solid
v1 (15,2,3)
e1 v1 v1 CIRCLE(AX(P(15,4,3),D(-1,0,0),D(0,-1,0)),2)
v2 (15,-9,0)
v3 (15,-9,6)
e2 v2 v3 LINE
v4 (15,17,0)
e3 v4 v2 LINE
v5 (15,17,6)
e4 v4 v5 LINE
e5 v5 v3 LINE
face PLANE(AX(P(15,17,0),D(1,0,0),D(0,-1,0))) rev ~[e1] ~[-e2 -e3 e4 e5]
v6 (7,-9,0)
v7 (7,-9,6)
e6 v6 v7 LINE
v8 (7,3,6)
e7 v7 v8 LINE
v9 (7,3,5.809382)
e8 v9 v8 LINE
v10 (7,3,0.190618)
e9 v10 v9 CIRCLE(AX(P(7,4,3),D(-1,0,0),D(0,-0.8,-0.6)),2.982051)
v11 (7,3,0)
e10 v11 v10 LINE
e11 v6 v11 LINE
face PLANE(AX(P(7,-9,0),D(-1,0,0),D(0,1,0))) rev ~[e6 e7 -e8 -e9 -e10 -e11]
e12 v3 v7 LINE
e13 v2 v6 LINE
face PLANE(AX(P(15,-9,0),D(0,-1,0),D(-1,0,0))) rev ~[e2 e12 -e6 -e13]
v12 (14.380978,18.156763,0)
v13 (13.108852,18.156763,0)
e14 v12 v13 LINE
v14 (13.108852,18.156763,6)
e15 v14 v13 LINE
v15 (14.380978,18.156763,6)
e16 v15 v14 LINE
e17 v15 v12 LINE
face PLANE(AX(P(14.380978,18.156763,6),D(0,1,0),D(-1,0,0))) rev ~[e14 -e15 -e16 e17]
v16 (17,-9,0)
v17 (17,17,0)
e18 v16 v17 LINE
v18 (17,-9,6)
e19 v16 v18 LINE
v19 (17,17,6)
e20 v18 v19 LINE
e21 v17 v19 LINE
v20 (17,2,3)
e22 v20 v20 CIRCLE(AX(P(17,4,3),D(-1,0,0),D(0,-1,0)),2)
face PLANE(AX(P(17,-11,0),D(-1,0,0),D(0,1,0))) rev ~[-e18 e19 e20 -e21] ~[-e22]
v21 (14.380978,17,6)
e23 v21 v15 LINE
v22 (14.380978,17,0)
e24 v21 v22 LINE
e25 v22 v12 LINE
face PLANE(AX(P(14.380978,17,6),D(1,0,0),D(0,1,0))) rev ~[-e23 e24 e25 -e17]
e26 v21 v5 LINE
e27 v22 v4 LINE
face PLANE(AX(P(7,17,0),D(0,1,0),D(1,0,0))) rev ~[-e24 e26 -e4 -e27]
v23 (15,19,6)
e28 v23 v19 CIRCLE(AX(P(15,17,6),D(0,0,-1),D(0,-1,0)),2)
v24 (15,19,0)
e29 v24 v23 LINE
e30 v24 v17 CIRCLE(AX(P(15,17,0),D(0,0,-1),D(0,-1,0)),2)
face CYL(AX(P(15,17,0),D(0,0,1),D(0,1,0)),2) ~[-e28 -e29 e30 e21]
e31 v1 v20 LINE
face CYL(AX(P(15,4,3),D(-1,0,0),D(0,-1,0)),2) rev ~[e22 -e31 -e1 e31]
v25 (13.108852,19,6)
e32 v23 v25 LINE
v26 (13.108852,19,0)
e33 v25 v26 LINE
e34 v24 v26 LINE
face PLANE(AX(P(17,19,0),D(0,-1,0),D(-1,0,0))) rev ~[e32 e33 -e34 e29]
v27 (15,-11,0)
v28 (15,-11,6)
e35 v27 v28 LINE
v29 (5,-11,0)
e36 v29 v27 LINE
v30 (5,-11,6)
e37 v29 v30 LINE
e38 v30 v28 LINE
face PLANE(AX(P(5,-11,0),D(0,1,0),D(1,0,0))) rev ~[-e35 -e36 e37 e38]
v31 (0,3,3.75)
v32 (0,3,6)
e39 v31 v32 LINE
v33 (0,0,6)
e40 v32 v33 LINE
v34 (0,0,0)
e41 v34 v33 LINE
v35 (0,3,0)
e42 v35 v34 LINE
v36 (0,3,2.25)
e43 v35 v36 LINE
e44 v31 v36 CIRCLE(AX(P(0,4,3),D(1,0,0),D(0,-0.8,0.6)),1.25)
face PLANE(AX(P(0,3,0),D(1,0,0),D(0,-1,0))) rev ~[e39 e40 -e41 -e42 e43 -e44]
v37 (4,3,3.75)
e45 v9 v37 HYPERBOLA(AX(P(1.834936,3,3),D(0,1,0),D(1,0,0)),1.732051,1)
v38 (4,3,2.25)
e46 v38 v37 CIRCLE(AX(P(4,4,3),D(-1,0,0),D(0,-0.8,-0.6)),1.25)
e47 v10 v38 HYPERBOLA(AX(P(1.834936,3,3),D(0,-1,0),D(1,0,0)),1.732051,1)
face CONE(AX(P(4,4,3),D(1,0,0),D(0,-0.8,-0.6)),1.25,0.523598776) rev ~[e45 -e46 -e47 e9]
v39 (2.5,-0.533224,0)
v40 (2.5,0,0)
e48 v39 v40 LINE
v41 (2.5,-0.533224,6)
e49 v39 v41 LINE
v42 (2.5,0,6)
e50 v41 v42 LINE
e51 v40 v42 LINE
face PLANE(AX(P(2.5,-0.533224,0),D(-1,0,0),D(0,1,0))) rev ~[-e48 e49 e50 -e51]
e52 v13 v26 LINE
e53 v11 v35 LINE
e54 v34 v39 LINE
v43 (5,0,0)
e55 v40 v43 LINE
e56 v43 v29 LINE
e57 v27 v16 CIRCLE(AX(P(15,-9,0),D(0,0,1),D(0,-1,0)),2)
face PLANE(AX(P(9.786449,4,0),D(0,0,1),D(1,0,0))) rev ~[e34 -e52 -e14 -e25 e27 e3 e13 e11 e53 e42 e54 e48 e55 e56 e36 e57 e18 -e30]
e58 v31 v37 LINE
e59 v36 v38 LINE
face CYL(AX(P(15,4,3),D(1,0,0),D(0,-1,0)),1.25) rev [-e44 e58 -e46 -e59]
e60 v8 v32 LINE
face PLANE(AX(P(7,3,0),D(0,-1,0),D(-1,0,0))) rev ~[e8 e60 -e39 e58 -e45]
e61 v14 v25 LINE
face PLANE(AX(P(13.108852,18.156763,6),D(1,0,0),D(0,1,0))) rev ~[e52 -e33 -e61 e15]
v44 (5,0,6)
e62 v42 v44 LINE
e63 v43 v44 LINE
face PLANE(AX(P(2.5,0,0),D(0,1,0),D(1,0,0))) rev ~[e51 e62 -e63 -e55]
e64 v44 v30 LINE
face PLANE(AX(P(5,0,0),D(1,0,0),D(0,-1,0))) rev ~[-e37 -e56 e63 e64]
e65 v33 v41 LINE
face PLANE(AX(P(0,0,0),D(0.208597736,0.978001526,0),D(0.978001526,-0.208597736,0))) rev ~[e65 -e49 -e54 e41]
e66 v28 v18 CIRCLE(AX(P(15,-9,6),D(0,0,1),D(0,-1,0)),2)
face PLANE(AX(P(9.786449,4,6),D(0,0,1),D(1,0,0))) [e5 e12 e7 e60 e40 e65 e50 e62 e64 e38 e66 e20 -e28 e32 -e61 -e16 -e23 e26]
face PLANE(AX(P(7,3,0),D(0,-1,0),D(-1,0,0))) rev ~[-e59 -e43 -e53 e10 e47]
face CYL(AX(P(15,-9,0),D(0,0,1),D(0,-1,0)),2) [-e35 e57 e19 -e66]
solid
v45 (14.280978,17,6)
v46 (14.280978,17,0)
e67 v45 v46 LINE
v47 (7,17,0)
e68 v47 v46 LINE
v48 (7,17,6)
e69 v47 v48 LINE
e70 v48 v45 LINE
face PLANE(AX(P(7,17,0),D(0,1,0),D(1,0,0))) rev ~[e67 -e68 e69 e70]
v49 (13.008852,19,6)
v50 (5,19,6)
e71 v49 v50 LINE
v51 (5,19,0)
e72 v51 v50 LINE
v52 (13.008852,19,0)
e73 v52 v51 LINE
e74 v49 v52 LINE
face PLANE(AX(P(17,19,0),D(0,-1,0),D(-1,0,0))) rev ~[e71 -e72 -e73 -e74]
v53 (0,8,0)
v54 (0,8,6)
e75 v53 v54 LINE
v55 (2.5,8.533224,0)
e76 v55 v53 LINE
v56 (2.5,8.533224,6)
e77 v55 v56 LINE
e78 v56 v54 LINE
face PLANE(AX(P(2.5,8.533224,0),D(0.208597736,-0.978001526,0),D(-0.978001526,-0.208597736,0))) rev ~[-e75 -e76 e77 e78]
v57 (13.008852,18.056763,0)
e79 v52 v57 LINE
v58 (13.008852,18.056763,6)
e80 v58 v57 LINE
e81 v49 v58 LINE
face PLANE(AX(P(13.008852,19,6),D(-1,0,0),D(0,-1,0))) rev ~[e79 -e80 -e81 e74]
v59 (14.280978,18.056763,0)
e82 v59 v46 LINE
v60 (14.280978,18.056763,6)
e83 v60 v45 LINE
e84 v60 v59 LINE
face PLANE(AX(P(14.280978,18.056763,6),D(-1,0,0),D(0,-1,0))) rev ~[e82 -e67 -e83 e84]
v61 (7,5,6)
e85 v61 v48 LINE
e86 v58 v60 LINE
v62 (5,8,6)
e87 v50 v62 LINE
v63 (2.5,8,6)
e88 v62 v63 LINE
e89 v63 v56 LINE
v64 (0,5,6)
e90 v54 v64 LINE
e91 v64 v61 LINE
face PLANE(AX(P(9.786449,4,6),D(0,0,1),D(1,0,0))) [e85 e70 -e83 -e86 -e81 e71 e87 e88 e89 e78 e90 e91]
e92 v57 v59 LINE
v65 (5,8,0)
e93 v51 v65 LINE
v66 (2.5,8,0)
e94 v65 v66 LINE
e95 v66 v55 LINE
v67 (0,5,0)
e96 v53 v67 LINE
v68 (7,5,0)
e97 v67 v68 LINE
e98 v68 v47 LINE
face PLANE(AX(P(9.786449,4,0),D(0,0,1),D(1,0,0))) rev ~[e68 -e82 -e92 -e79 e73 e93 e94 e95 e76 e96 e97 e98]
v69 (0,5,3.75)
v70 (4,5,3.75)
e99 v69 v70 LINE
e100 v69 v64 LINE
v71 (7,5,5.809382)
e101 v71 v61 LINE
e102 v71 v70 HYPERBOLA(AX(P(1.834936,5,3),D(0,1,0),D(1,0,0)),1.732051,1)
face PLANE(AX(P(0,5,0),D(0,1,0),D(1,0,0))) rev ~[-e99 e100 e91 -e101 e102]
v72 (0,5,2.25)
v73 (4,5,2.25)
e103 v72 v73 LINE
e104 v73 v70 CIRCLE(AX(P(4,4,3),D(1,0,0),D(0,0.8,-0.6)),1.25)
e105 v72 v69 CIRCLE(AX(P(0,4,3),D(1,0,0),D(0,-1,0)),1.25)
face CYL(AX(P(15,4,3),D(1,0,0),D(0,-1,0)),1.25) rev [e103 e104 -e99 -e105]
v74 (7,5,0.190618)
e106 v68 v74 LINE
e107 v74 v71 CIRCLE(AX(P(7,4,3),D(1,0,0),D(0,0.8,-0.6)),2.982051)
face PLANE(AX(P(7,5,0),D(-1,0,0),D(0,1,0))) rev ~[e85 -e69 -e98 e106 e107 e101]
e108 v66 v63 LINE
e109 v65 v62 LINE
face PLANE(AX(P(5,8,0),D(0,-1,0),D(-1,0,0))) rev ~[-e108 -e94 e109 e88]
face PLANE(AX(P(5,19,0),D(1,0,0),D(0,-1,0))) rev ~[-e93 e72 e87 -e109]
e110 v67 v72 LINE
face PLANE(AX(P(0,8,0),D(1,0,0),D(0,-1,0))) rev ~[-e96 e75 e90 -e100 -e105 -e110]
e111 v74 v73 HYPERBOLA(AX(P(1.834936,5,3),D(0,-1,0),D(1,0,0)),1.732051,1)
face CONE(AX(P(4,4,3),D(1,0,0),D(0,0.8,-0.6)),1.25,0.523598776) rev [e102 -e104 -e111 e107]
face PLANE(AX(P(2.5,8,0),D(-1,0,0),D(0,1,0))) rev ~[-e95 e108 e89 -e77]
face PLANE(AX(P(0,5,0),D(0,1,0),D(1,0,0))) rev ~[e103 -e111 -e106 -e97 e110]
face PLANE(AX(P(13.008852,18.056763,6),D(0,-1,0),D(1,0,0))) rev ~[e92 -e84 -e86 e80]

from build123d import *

# Parameters (mm, degrees)
F1_DEPTH  = 6
F2_R      = 1.25
F3_DEPTH  = 25
F4_R      = 2
F5_DEPTH  = 25
F6_R      = 2
F7_SIZE2  = 3
F7_SIZE   = 1.7320508076
F8_SIZE2  = 3
F8_SIZE   = 1.7320508076
F10_DEPTH = 25


with BuildPart() as f1:
    # F0 (on Top) → F1 (new body)
    with BuildSketch(Plane.XY):
        Polygon((5, 8), (2.5, 8), (2.5, 8.5332244635), (0, 8), (0, 5), (5, 5), (7, 5), (7, 17), (15, 17), (15, 4), (15, -9), (7, -9), (7, 3), (5, 3), (0, 3), (0, 0), (2.5, -0.5332244635), (2.5, 0), (5, 0), (5, -11), (6.961800158, -11), (17, -11), (17, 4), (17, 19), (6.961800158, 19), (5, 19), align=None)
    extrude(amount=F1_DEPTH)

    # F2 (on face) → F3 (cut)
    with BuildSketch(Plane(origin=(15, 0, 0), x_dir=(0, -1, 0), z_dir=(-1, 0, 0))):
        with Locations((-4, 3)):
            Circle(F2_R)
    extrude(amount=F3_DEPTH, mode=Mode.SUBTRACT)

    # F4 (on face) → F5 (cut)
    with BuildSketch(Plane(origin=(15, 0, 0), x_dir=(0, -1, 0), z_dir=(-1, 0, 0))):
        with Locations((-4, 3)):
            Circle(F4_R)
    extrude(amount=-F5_DEPTH, mode=Mode.SUBTRACT)

    # F6
    f6_edges = [f1.edges().sort_by_distance(p)[0] for p in [
        (17, 19, 3),
        (17, -11, 3),
    ]]
    fillet(f6_edges, radius=F6_R)

    # F7
    f7_edges = [f1.edges().sort_by_distance(p)[0] for p in [
        (7, 5.25, 3),
    ]]
    f7_side = f1.faces().sort_by_distance((7, 11.021006, 3))[0]
    chamfer(f7_edges, length=F7_SIZE, length2=F7_SIZE2, reference=f7_side)

    # F8
    f8_edges = [f1.edges().sort_by_distance(p)[0] for p in [
        (7, 2.75, 3),
    ]]
    f8_side = f1.faces().sort_by_distance((7, -3.021006, 3))[0]
    chamfer(f8_edges, length=F8_SIZE, length2=F8_SIZE2, reference=f8_side)

    # F9 (on face) → F10 (cut)
    with BuildSketch(Plane.XY.offset(6)):
        Polygon((13.1088524893, 19), (13.0088524893, 19), (13.0088524893, 18.0567633361), (14.2809776589, 18.0567633361), (14.2809776589, 17), (14.3809776589, 17), (14.3809776589, 18.1567633361), (13.1088524893, 18.1567633361), align=None)
    extrude(amount=-F10_DEPTH, mode=Mode.SUBTRACT)


solid = f1.part
